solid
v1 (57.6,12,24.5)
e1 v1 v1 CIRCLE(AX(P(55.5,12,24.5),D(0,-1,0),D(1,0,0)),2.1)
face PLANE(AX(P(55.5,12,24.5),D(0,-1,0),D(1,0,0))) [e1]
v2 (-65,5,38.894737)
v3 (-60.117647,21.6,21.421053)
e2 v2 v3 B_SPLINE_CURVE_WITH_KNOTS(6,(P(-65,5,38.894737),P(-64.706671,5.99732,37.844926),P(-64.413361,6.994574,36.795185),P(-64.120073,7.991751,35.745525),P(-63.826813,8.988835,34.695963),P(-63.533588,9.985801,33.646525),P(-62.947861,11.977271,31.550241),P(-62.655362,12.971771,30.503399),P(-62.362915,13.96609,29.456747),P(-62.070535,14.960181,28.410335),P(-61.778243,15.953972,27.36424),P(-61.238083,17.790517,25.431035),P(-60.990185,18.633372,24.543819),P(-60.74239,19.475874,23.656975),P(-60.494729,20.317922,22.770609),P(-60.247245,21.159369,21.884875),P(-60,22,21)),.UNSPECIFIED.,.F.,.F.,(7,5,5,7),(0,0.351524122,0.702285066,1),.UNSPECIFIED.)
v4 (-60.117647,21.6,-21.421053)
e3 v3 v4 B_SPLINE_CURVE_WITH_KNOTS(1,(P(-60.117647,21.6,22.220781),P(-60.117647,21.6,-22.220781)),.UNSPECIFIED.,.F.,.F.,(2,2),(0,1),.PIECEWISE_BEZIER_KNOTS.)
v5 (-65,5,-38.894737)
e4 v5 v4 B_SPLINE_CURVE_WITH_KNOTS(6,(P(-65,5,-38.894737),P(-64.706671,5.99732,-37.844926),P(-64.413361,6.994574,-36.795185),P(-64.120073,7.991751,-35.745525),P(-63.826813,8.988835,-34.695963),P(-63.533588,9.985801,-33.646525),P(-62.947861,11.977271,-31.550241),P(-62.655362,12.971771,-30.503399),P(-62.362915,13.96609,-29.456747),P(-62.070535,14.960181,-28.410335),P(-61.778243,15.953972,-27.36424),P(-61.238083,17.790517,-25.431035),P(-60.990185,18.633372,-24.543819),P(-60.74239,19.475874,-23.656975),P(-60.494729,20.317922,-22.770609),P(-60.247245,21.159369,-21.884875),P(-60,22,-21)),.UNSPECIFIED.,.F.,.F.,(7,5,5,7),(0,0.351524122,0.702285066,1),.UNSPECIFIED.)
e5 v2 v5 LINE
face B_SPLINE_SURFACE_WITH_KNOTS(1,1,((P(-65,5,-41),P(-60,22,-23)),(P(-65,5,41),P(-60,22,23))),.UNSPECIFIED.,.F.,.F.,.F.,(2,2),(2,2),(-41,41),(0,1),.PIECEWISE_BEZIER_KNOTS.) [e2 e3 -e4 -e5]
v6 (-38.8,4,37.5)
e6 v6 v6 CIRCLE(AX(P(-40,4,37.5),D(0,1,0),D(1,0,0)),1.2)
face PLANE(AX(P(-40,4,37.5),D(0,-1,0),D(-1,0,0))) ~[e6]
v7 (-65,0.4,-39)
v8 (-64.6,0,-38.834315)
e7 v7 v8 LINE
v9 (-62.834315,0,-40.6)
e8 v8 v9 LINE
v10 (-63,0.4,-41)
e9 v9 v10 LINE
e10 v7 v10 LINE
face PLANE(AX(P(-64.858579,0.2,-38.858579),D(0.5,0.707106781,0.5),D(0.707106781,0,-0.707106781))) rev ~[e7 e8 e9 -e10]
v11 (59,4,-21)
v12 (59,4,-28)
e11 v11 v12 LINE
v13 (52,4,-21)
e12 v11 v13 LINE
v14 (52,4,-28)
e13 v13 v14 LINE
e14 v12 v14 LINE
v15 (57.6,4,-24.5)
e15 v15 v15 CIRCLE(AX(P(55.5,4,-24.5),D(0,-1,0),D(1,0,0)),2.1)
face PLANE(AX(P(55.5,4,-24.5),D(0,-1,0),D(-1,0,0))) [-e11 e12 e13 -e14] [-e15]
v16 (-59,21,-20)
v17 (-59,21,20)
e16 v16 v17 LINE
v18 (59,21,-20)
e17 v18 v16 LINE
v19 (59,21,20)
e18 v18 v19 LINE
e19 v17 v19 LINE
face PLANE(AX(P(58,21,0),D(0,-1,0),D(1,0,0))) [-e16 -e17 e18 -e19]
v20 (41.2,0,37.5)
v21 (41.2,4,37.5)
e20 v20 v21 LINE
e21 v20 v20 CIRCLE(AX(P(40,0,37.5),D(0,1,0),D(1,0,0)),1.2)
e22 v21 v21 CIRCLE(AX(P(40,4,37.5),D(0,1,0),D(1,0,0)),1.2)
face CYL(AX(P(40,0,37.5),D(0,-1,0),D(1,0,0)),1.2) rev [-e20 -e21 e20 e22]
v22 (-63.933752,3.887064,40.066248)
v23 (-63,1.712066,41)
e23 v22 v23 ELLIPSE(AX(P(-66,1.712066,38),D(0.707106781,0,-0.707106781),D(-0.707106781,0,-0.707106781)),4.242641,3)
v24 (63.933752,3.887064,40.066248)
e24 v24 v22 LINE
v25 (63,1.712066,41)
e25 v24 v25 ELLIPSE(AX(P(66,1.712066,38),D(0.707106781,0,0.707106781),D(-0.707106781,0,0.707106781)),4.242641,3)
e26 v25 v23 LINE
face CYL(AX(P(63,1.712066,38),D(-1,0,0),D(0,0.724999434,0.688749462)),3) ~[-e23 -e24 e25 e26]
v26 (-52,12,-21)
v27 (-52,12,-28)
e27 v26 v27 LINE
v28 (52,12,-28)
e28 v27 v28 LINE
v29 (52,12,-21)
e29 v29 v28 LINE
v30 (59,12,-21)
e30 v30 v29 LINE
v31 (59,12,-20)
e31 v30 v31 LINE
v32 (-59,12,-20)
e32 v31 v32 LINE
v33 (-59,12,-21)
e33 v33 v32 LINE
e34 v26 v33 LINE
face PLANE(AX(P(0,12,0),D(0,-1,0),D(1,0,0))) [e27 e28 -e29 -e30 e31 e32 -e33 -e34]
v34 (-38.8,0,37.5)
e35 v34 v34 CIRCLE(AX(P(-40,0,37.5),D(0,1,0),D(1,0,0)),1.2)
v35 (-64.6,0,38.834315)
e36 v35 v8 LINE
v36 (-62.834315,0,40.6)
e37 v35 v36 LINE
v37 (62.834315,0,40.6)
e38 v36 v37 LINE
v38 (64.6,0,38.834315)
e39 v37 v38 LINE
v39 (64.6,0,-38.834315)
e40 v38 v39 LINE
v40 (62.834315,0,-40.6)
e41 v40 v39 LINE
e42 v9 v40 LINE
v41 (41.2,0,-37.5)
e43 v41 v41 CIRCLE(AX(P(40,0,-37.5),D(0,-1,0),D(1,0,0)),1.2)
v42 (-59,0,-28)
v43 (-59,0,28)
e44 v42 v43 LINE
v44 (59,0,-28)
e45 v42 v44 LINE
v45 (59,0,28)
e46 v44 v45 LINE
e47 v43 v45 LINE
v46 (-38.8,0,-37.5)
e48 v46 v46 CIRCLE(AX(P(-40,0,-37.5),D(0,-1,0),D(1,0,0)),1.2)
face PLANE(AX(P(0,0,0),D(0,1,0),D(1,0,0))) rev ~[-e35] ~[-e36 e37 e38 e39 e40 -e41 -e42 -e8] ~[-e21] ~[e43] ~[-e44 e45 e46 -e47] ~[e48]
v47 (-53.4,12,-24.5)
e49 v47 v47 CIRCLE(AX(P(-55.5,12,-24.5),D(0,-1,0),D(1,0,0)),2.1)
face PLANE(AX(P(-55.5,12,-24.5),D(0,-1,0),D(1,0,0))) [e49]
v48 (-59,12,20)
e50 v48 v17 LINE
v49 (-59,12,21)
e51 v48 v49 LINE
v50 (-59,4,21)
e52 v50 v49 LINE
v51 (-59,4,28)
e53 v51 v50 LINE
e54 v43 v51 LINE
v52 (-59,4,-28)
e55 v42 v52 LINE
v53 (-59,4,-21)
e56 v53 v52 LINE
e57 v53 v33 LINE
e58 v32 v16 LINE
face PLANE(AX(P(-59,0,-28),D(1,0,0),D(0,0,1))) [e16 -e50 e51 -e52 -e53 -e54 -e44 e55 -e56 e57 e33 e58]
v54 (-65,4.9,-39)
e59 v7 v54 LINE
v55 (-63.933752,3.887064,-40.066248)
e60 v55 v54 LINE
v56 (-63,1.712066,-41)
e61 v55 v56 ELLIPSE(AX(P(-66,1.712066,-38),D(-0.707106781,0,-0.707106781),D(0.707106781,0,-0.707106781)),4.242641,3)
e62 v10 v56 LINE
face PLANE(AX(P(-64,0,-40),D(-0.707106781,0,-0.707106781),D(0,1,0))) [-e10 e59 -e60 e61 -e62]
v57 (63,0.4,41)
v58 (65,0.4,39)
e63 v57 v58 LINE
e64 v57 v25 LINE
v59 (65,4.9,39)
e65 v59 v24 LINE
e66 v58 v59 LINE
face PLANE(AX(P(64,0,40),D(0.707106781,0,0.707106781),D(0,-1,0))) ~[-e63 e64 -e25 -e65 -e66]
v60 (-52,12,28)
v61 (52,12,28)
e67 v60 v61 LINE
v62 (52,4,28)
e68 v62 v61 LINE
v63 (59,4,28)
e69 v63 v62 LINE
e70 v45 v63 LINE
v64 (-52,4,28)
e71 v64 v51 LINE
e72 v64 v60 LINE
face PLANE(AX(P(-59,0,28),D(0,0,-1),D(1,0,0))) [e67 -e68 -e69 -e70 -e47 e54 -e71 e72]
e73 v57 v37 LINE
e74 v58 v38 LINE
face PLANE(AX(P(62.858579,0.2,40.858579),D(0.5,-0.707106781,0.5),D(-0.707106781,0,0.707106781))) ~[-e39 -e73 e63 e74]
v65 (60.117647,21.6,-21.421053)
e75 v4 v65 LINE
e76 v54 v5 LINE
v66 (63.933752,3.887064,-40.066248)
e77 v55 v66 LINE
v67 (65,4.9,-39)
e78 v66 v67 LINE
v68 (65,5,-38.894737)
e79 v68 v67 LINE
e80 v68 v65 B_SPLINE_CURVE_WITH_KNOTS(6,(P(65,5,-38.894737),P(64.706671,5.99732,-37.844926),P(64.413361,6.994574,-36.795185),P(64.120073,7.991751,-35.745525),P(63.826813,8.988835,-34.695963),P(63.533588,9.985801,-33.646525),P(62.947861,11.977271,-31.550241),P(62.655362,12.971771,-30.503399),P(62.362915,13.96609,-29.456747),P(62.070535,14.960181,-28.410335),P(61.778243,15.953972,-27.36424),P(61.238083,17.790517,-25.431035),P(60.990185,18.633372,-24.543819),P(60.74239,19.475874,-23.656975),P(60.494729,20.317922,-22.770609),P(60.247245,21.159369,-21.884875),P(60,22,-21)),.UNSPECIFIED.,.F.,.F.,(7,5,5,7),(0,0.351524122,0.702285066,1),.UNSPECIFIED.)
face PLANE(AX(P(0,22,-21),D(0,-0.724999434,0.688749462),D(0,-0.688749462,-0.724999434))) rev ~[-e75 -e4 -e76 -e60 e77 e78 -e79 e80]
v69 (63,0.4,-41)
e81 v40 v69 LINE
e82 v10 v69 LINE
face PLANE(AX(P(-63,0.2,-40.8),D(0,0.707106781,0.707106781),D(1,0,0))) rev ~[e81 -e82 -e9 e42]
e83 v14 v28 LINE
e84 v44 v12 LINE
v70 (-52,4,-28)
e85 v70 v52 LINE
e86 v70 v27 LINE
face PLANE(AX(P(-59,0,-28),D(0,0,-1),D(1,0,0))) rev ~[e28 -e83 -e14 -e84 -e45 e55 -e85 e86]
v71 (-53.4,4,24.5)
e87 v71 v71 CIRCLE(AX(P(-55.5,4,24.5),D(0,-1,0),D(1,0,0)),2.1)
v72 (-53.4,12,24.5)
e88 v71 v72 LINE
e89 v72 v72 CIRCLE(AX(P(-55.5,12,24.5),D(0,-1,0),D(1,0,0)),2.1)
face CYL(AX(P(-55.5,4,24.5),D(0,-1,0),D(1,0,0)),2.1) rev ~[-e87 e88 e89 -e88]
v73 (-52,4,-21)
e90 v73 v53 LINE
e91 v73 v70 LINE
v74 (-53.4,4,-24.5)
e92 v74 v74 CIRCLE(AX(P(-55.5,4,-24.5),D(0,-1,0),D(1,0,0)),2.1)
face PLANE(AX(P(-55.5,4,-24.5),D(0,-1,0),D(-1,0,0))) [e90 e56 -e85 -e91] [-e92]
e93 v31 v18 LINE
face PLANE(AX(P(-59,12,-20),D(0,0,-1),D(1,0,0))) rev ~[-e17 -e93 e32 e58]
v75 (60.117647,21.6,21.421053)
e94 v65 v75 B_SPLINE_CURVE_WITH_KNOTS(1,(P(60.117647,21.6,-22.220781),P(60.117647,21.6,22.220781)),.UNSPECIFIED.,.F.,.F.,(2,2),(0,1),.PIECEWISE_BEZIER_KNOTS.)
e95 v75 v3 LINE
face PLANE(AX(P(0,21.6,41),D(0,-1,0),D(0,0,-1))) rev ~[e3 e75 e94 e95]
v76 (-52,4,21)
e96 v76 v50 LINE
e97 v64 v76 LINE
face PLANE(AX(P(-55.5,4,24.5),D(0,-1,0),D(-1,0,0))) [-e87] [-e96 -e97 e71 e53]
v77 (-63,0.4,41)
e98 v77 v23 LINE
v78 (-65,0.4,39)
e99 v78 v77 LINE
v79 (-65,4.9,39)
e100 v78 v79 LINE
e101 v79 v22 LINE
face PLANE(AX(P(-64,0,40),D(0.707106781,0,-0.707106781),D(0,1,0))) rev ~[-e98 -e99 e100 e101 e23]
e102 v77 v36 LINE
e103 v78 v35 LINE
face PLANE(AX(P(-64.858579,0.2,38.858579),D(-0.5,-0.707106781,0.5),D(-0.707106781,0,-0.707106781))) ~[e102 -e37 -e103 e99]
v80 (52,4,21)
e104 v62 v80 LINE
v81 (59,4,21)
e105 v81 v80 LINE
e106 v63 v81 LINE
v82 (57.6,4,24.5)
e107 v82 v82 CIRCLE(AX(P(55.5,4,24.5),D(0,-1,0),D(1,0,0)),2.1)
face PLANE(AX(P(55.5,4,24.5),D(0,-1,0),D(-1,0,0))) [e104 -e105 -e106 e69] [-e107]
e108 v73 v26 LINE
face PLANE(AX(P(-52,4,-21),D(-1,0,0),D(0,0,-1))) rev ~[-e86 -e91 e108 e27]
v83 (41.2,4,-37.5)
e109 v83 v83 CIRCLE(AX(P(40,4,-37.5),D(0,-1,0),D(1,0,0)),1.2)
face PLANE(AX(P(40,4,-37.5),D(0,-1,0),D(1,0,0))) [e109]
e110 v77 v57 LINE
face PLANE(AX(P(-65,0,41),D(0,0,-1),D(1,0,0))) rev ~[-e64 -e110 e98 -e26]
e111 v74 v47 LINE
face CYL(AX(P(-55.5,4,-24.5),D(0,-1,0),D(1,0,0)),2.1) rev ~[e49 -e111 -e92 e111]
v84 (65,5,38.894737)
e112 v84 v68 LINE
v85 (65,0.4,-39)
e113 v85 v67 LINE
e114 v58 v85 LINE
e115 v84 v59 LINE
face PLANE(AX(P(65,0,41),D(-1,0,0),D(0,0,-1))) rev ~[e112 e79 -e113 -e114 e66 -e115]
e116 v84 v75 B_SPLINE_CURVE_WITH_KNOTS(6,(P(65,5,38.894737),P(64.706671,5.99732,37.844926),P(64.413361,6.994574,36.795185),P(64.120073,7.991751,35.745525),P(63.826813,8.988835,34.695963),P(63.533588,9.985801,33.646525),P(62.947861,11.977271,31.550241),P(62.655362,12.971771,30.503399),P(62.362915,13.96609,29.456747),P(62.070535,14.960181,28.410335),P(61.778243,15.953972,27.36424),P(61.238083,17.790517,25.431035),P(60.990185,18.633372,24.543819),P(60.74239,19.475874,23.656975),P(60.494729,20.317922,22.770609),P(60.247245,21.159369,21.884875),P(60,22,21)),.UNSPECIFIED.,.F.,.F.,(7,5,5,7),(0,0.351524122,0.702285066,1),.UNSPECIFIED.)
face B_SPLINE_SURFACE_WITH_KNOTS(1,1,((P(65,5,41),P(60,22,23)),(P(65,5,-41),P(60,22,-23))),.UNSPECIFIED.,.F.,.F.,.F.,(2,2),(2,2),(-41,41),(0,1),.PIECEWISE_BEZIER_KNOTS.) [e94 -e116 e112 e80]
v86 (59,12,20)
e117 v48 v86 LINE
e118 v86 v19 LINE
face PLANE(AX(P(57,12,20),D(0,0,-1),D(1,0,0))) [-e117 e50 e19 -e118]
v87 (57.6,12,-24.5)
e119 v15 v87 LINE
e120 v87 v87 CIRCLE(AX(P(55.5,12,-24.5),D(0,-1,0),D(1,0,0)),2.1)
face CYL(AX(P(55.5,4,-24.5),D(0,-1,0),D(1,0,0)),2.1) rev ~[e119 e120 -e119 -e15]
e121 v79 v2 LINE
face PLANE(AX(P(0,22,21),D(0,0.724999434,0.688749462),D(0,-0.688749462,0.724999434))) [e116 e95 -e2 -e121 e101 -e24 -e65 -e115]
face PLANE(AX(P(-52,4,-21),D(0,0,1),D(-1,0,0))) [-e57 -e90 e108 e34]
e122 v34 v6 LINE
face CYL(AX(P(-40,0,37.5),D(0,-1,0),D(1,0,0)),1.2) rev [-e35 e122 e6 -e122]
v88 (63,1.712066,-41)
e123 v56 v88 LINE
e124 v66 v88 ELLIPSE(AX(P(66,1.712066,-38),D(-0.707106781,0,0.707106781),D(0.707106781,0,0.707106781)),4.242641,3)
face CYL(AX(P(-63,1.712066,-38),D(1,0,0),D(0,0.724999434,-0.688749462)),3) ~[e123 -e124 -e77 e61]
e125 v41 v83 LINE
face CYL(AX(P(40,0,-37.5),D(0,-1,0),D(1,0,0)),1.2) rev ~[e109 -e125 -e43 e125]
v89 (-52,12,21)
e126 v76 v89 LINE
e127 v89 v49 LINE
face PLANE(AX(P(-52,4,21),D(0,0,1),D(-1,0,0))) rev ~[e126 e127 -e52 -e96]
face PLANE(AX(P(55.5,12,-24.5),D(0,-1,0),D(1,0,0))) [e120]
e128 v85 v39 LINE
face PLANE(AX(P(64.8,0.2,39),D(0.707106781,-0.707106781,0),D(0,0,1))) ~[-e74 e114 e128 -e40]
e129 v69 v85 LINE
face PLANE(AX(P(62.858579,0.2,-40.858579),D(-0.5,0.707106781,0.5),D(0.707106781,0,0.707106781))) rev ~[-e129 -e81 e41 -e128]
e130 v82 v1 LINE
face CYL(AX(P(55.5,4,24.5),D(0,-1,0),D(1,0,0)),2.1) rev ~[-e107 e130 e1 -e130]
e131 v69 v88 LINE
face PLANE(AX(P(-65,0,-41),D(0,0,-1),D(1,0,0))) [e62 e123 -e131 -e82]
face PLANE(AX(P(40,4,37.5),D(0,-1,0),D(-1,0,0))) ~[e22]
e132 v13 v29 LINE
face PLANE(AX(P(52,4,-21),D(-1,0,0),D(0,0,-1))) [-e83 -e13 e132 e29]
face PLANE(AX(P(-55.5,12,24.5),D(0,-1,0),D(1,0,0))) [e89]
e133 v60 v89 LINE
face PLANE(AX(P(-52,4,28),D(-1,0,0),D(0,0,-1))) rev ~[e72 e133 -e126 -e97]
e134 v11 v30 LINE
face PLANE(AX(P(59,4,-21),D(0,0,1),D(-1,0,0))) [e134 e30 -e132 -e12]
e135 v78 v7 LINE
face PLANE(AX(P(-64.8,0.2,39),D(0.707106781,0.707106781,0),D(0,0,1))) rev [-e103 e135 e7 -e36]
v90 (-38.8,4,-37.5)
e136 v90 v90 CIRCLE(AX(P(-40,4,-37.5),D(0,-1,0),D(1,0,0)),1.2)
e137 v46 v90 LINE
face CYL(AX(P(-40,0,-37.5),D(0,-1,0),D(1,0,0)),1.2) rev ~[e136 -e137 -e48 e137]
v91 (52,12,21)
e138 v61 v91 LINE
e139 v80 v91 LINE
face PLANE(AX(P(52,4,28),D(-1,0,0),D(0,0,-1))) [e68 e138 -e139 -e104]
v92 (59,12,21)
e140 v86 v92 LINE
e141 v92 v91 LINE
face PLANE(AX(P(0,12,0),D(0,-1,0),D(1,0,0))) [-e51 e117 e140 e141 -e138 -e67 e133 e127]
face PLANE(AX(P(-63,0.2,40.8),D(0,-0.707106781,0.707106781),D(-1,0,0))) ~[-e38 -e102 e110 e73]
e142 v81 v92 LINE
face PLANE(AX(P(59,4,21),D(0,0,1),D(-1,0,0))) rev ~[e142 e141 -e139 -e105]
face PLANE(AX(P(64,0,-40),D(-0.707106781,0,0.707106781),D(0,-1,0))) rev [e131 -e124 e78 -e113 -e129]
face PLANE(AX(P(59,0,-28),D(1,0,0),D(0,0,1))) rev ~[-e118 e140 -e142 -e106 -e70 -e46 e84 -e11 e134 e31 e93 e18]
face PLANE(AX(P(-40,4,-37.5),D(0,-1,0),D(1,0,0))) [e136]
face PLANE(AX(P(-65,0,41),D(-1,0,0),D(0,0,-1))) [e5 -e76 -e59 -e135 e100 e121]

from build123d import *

# Parameters (mm, degrees)
SKETCH1_W               = 130
SKETCH1_H               = 82
BOSS_EXTRUDE1_DEPTH     = 5
SKETCH3_W               = 130
SKETCH3_H               = 82
SKETCH2_W               = 120
SKETCH2_H               = 46
CHAMFER1_SIZE           = 2
SKETCH4_R               = 1.2
CUT_EXTRUDE1_DEPTH      = 4
SKETCH5_W               = 114
SKETCH5_H               = 40
CUT_EXTRUDE2_DEPTH      = 21
SKETCH6_W               = 118
SKETCH6_H               = 56
CUT_EXTRUDE3_DEPTH      = 12
SKETCH8_W               = 7
SKETCH8_H               = 7
BOSS_EXTRUDE2_DEPTH     = 8
SKETCH9_R               = 2.1
CUT_EXTRUDE4_DEPTH      = 8
SKETCH10_W              = 2
SKETCH10_H              = 40
CUT_EXTRUDE5_DEPTH      = 9
CUT_EXTRUDE6_DEPTH      = 66.0000001
CUT_EXTRUDE6_DEPTH_BACK = 66.0000001
SKETCH12_W              = 82
SKETCH12_H              = 2
CUT_EXTRUDE7_DEPTH      = 66.0000001
CUT_EXTRUDE7_DEPTH_BACK = 66.0000001
FILLET1_R               = 3
CHAMFER2_SIZE           = 0.4


with BuildPart() as part:
    # Sketch1 → Boss-Extrude1 (new body)
    with BuildSketch(Plane(origin=(0, 0, 0), x_dir=(1, 0, 0), z_dir=(0, 1, 0))):
        Rectangle(SKETCH1_W, SKETCH1_H)
    extrude(amount=BOSS_EXTRUDE1_DEPTH)

    # Sketch3 → Loft2 section 0
    with BuildSketch(Plane(origin=(0, 5, 0), x_dir=(1, 0, 0), z_dir=(0, 1, 0))):
        Rectangle(SKETCH3_W, SKETCH3_H)
    # Sketch2 → Loft2 section 1
    with BuildSketch(Plane(origin=(0, 22, 0), x_dir=(1, 0, 0), z_dir=(0, 1, 0))):
        Rectangle(SKETCH2_W, SKETCH2_H)
    loft()

    # Chamfer1
    chamfer1_edges = [part.edges().sort_by_distance(p)[0] for p in [
        (-65, 2.5, 41),
        (65, 2.5, 41),
        (65, 2.5, -41),
        (-65, 2.5, -41),
    ]]
    chamfer(chamfer1_edges, length=CHAMFER1_SIZE)

    # Sketch4 → Cut-Extrude1 (cut)
    with BuildSketch(Plane.XZ):
        with Locations((40, -37.5)):
            Circle(SKETCH4_R)
        with Locations((-40, -37.5)):
            Circle(SKETCH4_R)
    cut_extrude1 = extrude(amount=-CUT_EXTRUDE1_DEPTH, mode=Mode.SUBTRACT)

    # Sketch5 → Cut-Extrude2 (cut)
    with BuildSketch(Plane.XZ):
        Rectangle(SKETCH5_W, SKETCH5_H)
    extrude(amount=-CUT_EXTRUDE2_DEPTH, mode=Mode.SUBTRACT)

    # Mirror1: Cut-Extrude1 across plane
    add(cut_extrude1.mirror(Plane.XY), mode=Mode.SUBTRACT)

    # Sketch6 → Cut-Extrude3 (cut)
    with BuildSketch(Plane.XZ):
        Rectangle(SKETCH6_W, SKETCH6_H)
    extrude(amount=-CUT_EXTRUDE3_DEPTH, mode=Mode.SUBTRACT)

    # Sketch8 → Boss-Extrude2 (add)
    with BuildSketch(Plane(origin=(0, 4, 0), x_dir=(-1, 0, 0), z_dir=(0, -1, 0))):
        with Locations((-55.5, 24.5)):
            Rectangle(SKETCH8_W, SKETCH8_H)
        with Locations((-55.5, -24.5)):
            Rectangle(SKETCH8_W, SKETCH8_H)
        with Locations((55.5, -24.5)):
            Rectangle(SKETCH8_W, SKETCH8_H)
        with Locations((55.5, 24.5)):
            Rectangle(SKETCH8_W, SKETCH8_H)
    extrude(amount=-BOSS_EXTRUDE2_DEPTH)

    # Sketch9 → Cut-Extrude4 (cut)
    with BuildSketch(Plane.XZ.offset(-4)):
        with Locations((-55.5, 24.5)):
            Circle(SKETCH9_R)
        with Locations((55.5, 24.5)):
            Circle(SKETCH9_R)
        with Locations((55.5, -24.5)):
            Circle(SKETCH9_R)
        with Locations((-55.5, -24.5)):
            Circle(SKETCH9_R)
    extrude(amount=-CUT_EXTRUDE4_DEPTH, mode=Mode.SUBTRACT)

    # Sketch10 → Cut-Extrude5 (cut)
    with BuildSketch(Plane.XZ.offset(-12)):
        with Locations((-58, 0)):
            Rectangle(SKETCH10_W, SKETCH10_H)
        with Locations((58, 0)):
            Rectangle(SKETCH10_W, SKETCH10_H)
    extrude(amount=-CUT_EXTRUDE5_DEPTH, mode=Mode.SUBTRACT)

    # Sketch11 → Cut-Extrude6 (cut, two sides)
    with BuildSketch(Plane(origin=(0, 0, 0), x_dir=(0, 0, -1), z_dir=(1, 0, 0))) as cut_extrude6_sk:
        Polygon((21, 22), (41, 3), (41, 5), (23, 22), align=None)
        Polygon((-23, 22), (-21, 22), (-41, 3), (-41, 5), align=None)
    extrude(amount=CUT_EXTRUDE6_DEPTH, mode=Mode.SUBTRACT)
    extrude(cut_extrude6_sk.sketch, amount=-CUT_EXTRUDE6_DEPTH_BACK, mode=Mode.SUBTRACT)

    # Sketch12 → Cut-Extrude7 (cut, two sides)
    with BuildSketch(Plane(origin=(0, 0, 0), x_dir=(0, 0, -1), z_dir=(1, 0, 0))) as cut_extrude7_sk:
        with Locations((0, 22.6)):
            Rectangle(SKETCH12_W, SKETCH12_H)
    extrude(amount=CUT_EXTRUDE7_DEPTH, mode=Mode.SUBTRACT)
    extrude(cut_extrude7_sk.sketch, amount=-CUT_EXTRUDE7_DEPTH_BACK, mode=Mode.SUBTRACT)

    # Fillet1
    fillet1_edges = [part.edges().sort_by_distance(p)[0] for p in [
        (0, 3, -41),
        (0, 3, 41),
    ]]
    fillet(fillet1_edges, radius=FILLET1_R)

    # Chamfer2
    chamfer2_edges = [part.edges().sort_by_distance(p)[0] for p in [
        (0, 0, 41),
        (65, 0, 0),
        (-65, 0, 0),
        (0, 0, -41),
        (-64, 0, -40),
        (64, 0, -40),
        (64, 0, 40),
        (-64, 0, 40),
    ]]
    chamfer(chamfer2_edges, length=CHAMFER2_SIZE)


solid = part.part
